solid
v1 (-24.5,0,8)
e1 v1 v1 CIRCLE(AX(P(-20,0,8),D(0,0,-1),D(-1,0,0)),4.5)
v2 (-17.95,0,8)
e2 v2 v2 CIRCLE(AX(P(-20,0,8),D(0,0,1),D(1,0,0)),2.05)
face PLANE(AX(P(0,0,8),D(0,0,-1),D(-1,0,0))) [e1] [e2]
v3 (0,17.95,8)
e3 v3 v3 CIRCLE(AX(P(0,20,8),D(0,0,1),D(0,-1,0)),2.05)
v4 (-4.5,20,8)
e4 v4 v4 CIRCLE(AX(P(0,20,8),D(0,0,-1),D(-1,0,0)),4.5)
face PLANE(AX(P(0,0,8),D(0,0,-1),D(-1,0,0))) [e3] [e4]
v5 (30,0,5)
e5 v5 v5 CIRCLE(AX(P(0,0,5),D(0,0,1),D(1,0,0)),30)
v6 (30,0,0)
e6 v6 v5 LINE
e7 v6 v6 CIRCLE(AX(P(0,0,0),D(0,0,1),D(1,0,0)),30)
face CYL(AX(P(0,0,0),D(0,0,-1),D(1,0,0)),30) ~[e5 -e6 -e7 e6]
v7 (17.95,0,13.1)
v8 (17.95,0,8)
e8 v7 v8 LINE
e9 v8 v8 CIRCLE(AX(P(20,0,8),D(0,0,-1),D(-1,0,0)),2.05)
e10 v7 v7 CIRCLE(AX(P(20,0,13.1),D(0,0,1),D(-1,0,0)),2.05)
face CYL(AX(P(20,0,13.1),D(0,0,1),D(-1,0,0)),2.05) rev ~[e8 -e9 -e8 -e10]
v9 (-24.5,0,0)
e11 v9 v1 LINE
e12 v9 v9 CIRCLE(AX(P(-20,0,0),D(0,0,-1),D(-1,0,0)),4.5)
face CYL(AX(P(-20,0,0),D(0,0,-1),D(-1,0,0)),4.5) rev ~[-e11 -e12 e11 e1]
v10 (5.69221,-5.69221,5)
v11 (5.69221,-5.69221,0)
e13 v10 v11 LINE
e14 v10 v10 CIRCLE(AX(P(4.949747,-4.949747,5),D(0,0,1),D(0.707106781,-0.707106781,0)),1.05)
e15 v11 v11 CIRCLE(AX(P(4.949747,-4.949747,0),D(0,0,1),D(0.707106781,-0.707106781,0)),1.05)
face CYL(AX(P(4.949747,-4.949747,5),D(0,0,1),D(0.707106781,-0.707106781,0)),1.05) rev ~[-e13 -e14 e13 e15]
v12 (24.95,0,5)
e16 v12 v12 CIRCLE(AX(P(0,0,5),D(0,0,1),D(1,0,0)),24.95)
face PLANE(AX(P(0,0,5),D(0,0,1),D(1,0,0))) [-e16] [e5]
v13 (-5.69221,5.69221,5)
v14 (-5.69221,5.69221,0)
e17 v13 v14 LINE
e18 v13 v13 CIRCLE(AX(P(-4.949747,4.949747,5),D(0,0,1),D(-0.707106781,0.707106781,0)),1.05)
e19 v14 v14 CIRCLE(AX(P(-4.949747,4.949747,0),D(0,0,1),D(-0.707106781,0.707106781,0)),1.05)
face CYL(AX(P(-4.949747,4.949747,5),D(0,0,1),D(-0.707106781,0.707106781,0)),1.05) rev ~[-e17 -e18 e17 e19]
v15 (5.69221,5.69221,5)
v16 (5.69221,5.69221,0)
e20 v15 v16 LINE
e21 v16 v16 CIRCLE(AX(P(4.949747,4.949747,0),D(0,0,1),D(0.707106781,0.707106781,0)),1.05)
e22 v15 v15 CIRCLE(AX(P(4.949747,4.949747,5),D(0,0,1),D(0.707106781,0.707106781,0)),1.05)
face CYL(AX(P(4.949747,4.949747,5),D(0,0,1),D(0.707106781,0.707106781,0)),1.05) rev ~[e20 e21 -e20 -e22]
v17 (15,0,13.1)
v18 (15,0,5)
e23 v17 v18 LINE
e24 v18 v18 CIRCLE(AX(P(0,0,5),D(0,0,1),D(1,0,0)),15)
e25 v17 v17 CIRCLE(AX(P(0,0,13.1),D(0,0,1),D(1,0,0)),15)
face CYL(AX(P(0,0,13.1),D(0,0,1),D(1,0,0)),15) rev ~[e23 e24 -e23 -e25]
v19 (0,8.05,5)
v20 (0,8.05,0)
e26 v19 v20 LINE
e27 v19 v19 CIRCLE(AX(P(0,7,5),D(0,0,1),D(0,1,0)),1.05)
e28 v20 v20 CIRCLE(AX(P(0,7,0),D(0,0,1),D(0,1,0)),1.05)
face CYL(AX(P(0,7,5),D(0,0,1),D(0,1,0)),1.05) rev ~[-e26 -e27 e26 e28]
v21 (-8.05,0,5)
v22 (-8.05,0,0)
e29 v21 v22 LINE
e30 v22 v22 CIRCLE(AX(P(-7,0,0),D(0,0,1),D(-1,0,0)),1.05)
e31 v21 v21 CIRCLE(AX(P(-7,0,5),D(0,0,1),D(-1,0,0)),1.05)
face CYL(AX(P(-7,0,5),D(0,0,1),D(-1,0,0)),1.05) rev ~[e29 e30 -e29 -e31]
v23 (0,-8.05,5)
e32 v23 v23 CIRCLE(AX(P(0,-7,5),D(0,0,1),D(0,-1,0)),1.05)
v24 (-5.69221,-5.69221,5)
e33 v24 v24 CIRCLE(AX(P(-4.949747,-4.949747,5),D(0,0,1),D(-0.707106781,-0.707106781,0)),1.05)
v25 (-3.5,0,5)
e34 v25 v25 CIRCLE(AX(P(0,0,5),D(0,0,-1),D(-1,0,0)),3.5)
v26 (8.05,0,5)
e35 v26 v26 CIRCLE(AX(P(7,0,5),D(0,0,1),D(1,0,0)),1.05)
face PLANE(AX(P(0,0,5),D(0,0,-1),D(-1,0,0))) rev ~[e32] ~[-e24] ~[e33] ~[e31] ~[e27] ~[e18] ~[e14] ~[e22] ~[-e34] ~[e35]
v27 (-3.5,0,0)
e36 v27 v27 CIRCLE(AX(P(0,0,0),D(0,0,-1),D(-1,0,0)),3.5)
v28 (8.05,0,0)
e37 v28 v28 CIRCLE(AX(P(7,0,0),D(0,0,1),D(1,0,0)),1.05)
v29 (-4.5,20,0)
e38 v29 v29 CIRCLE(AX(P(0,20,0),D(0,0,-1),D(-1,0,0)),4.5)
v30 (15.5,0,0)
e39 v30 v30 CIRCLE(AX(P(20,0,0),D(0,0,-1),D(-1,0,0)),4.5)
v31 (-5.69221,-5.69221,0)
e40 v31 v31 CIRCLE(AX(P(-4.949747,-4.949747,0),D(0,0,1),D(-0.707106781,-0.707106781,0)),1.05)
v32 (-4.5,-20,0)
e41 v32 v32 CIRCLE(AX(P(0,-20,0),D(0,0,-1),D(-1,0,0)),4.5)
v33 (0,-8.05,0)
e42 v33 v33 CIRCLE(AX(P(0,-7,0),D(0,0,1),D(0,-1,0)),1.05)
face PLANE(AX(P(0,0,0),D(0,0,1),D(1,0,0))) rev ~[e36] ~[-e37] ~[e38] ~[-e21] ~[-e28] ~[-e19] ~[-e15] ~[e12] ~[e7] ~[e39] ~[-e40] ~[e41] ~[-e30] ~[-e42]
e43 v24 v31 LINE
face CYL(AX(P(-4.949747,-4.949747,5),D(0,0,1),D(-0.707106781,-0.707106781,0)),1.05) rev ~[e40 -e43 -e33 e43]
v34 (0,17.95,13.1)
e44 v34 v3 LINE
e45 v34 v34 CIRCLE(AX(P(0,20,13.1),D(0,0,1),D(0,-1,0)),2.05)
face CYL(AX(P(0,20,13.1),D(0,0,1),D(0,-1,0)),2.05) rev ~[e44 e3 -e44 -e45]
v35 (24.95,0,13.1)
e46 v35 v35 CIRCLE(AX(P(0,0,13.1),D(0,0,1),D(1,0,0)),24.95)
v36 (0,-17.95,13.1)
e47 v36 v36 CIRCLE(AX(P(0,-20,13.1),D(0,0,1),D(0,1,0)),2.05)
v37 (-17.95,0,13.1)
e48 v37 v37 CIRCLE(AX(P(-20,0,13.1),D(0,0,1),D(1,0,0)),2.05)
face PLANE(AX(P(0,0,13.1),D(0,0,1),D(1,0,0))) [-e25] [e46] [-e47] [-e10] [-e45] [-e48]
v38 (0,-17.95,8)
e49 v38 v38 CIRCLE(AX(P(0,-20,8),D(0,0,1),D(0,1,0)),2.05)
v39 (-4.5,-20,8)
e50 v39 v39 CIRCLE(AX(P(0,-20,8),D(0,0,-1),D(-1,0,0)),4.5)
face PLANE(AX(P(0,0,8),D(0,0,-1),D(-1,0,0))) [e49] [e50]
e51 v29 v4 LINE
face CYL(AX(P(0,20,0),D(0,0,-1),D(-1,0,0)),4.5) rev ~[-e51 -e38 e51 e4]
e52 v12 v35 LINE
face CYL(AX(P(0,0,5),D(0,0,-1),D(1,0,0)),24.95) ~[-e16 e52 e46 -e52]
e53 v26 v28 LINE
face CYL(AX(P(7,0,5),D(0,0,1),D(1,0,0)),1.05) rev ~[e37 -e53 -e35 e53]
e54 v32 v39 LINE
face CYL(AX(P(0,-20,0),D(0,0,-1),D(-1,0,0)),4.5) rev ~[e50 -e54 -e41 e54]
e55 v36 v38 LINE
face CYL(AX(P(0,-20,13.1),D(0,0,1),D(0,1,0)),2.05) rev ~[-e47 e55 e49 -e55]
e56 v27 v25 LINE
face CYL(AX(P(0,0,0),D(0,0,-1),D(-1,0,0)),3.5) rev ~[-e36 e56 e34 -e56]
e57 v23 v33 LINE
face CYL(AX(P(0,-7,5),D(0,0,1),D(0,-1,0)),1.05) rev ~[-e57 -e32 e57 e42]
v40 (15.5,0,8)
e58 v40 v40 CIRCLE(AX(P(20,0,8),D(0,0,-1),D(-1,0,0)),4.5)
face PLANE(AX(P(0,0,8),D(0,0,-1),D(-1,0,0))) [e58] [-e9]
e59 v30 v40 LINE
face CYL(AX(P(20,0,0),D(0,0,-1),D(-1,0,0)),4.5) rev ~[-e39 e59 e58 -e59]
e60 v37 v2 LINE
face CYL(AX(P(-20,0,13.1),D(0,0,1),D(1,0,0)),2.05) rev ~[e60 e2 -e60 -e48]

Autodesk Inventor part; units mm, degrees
ref_plane "YZ Plane" through (0, 0, 0) normal (1, 0, 0) x (0, 1, 0)
ref_plane "XZ Plane" through (0, 0, 0) normal (0, 1, 0) x (-1, 0, 0)
ref_plane "XY Plane" through (0, 0, 0) normal (0, 0, 1) x (1, 0, 0)
sketch "Sketch1" plane through (0, 0, 0) normal (0, 0, 1) x (1, 0, 0)
  circle A0 centre (0, 0) radius 30
  dimension "d0" = 60
extrude "Extrusion1" add sketch "Sketch1" along normal blind 5
sketch "Sketch2" plane through (0, 0, 5) normal (0, 0, 1) x (1, 0, 0)
  circle A0 centre (0, 0) radius 24.95
  dimension "d3" = 49.9
extrude "Extrusion2" add sketch "Sketch2" along normal blind 8.1
sketch "Sketch3" plane through (0, 0, 13.1) normal (0, 0, 1) x (1, 0, 0)
  circle A0 centre (0, 0) radius 15
  dimension "d6" = 30
extrude "Extrusion3" cut sketch "Sketch3" against normal through all
sketch "Sketch4" plane through (0, 0, 0) normal (0, 0, -1) x (-1, 0, 0)
  circle A0 centre (0, 0) radius 20
  dimension "d9" = 40
extrude "Extrusion4" add sketch "Sketch4" against normal blind 5
sketch "Sketch5" plane through (0, 0, 0) normal (0, 0, -1) x (-1, 0, 0)
  circle A0 centre (0, 0) radius 3.5
  dimension "d12" = 7
extrude "Extrusion5" cut sketch "Sketch5" against normal through all
sketch "Sketch6" plane through (0, 0, 5) normal (0, 0, 1) x (1, 0, 0)
  circle A0 centre (7, 0) radius 1.05
  point P0 (0, 0)
  dimension "d15" = 2.1
  dimension "d16" = 7
extrude "Extrusion6" cut sketch "Sketch6" against normal through all
pattern_circular "Circular Pattern1" count 8 over 360 about axis through (0, 0, -10) along (0, 0, 1) of "Extrusion6"
sketch "Sketch7" plane through (0, 0, 13.1) normal (0, 0, 1) x (1, 0, 0)
  circle A0 centre (-20, 0) radius 2.05
  point P0 (0, 0)
  dimension "d22" = 4.1
  dimension "d23" = 20
extrude "Extrusion7" cut sketch "Sketch7" against normal through all
pattern_circular "Circular Pattern2" count 4 over 360 about axis through (0, 0, -10) along (0, 0, 1) of "Extrusion7"
sketch "Sketch8" plane through (0, 0, 0) normal (0, 0, -1) x (-1, 0, 0)
  circle A0 centre (0, -20) radius 2.05 projected
  circle A1 centre (20, 0) radius 2.05 projected
  circle A2 centre (0, 20) radius 2.05 projected
  circle A3 centre (-20, 0) radius 2.05 projected
  circle A4 centre (0, -20) radius 4.5
  circle A5 centre (20, 0) radius 4.5
  circle A6 centre (0, 20) radius 4.5
  circle A7 centre (-20, 0) radius 4.5
  point P0 (0, 0)
  dimension "d29" = 9
  dimension "d30" = 9
  dimension "d31" = 9
  dimension "d32" = 9
extrude "Extrusion8" cut sketch "Sketch8" against normal blind 8
properties part number "bearing_bracket3"
